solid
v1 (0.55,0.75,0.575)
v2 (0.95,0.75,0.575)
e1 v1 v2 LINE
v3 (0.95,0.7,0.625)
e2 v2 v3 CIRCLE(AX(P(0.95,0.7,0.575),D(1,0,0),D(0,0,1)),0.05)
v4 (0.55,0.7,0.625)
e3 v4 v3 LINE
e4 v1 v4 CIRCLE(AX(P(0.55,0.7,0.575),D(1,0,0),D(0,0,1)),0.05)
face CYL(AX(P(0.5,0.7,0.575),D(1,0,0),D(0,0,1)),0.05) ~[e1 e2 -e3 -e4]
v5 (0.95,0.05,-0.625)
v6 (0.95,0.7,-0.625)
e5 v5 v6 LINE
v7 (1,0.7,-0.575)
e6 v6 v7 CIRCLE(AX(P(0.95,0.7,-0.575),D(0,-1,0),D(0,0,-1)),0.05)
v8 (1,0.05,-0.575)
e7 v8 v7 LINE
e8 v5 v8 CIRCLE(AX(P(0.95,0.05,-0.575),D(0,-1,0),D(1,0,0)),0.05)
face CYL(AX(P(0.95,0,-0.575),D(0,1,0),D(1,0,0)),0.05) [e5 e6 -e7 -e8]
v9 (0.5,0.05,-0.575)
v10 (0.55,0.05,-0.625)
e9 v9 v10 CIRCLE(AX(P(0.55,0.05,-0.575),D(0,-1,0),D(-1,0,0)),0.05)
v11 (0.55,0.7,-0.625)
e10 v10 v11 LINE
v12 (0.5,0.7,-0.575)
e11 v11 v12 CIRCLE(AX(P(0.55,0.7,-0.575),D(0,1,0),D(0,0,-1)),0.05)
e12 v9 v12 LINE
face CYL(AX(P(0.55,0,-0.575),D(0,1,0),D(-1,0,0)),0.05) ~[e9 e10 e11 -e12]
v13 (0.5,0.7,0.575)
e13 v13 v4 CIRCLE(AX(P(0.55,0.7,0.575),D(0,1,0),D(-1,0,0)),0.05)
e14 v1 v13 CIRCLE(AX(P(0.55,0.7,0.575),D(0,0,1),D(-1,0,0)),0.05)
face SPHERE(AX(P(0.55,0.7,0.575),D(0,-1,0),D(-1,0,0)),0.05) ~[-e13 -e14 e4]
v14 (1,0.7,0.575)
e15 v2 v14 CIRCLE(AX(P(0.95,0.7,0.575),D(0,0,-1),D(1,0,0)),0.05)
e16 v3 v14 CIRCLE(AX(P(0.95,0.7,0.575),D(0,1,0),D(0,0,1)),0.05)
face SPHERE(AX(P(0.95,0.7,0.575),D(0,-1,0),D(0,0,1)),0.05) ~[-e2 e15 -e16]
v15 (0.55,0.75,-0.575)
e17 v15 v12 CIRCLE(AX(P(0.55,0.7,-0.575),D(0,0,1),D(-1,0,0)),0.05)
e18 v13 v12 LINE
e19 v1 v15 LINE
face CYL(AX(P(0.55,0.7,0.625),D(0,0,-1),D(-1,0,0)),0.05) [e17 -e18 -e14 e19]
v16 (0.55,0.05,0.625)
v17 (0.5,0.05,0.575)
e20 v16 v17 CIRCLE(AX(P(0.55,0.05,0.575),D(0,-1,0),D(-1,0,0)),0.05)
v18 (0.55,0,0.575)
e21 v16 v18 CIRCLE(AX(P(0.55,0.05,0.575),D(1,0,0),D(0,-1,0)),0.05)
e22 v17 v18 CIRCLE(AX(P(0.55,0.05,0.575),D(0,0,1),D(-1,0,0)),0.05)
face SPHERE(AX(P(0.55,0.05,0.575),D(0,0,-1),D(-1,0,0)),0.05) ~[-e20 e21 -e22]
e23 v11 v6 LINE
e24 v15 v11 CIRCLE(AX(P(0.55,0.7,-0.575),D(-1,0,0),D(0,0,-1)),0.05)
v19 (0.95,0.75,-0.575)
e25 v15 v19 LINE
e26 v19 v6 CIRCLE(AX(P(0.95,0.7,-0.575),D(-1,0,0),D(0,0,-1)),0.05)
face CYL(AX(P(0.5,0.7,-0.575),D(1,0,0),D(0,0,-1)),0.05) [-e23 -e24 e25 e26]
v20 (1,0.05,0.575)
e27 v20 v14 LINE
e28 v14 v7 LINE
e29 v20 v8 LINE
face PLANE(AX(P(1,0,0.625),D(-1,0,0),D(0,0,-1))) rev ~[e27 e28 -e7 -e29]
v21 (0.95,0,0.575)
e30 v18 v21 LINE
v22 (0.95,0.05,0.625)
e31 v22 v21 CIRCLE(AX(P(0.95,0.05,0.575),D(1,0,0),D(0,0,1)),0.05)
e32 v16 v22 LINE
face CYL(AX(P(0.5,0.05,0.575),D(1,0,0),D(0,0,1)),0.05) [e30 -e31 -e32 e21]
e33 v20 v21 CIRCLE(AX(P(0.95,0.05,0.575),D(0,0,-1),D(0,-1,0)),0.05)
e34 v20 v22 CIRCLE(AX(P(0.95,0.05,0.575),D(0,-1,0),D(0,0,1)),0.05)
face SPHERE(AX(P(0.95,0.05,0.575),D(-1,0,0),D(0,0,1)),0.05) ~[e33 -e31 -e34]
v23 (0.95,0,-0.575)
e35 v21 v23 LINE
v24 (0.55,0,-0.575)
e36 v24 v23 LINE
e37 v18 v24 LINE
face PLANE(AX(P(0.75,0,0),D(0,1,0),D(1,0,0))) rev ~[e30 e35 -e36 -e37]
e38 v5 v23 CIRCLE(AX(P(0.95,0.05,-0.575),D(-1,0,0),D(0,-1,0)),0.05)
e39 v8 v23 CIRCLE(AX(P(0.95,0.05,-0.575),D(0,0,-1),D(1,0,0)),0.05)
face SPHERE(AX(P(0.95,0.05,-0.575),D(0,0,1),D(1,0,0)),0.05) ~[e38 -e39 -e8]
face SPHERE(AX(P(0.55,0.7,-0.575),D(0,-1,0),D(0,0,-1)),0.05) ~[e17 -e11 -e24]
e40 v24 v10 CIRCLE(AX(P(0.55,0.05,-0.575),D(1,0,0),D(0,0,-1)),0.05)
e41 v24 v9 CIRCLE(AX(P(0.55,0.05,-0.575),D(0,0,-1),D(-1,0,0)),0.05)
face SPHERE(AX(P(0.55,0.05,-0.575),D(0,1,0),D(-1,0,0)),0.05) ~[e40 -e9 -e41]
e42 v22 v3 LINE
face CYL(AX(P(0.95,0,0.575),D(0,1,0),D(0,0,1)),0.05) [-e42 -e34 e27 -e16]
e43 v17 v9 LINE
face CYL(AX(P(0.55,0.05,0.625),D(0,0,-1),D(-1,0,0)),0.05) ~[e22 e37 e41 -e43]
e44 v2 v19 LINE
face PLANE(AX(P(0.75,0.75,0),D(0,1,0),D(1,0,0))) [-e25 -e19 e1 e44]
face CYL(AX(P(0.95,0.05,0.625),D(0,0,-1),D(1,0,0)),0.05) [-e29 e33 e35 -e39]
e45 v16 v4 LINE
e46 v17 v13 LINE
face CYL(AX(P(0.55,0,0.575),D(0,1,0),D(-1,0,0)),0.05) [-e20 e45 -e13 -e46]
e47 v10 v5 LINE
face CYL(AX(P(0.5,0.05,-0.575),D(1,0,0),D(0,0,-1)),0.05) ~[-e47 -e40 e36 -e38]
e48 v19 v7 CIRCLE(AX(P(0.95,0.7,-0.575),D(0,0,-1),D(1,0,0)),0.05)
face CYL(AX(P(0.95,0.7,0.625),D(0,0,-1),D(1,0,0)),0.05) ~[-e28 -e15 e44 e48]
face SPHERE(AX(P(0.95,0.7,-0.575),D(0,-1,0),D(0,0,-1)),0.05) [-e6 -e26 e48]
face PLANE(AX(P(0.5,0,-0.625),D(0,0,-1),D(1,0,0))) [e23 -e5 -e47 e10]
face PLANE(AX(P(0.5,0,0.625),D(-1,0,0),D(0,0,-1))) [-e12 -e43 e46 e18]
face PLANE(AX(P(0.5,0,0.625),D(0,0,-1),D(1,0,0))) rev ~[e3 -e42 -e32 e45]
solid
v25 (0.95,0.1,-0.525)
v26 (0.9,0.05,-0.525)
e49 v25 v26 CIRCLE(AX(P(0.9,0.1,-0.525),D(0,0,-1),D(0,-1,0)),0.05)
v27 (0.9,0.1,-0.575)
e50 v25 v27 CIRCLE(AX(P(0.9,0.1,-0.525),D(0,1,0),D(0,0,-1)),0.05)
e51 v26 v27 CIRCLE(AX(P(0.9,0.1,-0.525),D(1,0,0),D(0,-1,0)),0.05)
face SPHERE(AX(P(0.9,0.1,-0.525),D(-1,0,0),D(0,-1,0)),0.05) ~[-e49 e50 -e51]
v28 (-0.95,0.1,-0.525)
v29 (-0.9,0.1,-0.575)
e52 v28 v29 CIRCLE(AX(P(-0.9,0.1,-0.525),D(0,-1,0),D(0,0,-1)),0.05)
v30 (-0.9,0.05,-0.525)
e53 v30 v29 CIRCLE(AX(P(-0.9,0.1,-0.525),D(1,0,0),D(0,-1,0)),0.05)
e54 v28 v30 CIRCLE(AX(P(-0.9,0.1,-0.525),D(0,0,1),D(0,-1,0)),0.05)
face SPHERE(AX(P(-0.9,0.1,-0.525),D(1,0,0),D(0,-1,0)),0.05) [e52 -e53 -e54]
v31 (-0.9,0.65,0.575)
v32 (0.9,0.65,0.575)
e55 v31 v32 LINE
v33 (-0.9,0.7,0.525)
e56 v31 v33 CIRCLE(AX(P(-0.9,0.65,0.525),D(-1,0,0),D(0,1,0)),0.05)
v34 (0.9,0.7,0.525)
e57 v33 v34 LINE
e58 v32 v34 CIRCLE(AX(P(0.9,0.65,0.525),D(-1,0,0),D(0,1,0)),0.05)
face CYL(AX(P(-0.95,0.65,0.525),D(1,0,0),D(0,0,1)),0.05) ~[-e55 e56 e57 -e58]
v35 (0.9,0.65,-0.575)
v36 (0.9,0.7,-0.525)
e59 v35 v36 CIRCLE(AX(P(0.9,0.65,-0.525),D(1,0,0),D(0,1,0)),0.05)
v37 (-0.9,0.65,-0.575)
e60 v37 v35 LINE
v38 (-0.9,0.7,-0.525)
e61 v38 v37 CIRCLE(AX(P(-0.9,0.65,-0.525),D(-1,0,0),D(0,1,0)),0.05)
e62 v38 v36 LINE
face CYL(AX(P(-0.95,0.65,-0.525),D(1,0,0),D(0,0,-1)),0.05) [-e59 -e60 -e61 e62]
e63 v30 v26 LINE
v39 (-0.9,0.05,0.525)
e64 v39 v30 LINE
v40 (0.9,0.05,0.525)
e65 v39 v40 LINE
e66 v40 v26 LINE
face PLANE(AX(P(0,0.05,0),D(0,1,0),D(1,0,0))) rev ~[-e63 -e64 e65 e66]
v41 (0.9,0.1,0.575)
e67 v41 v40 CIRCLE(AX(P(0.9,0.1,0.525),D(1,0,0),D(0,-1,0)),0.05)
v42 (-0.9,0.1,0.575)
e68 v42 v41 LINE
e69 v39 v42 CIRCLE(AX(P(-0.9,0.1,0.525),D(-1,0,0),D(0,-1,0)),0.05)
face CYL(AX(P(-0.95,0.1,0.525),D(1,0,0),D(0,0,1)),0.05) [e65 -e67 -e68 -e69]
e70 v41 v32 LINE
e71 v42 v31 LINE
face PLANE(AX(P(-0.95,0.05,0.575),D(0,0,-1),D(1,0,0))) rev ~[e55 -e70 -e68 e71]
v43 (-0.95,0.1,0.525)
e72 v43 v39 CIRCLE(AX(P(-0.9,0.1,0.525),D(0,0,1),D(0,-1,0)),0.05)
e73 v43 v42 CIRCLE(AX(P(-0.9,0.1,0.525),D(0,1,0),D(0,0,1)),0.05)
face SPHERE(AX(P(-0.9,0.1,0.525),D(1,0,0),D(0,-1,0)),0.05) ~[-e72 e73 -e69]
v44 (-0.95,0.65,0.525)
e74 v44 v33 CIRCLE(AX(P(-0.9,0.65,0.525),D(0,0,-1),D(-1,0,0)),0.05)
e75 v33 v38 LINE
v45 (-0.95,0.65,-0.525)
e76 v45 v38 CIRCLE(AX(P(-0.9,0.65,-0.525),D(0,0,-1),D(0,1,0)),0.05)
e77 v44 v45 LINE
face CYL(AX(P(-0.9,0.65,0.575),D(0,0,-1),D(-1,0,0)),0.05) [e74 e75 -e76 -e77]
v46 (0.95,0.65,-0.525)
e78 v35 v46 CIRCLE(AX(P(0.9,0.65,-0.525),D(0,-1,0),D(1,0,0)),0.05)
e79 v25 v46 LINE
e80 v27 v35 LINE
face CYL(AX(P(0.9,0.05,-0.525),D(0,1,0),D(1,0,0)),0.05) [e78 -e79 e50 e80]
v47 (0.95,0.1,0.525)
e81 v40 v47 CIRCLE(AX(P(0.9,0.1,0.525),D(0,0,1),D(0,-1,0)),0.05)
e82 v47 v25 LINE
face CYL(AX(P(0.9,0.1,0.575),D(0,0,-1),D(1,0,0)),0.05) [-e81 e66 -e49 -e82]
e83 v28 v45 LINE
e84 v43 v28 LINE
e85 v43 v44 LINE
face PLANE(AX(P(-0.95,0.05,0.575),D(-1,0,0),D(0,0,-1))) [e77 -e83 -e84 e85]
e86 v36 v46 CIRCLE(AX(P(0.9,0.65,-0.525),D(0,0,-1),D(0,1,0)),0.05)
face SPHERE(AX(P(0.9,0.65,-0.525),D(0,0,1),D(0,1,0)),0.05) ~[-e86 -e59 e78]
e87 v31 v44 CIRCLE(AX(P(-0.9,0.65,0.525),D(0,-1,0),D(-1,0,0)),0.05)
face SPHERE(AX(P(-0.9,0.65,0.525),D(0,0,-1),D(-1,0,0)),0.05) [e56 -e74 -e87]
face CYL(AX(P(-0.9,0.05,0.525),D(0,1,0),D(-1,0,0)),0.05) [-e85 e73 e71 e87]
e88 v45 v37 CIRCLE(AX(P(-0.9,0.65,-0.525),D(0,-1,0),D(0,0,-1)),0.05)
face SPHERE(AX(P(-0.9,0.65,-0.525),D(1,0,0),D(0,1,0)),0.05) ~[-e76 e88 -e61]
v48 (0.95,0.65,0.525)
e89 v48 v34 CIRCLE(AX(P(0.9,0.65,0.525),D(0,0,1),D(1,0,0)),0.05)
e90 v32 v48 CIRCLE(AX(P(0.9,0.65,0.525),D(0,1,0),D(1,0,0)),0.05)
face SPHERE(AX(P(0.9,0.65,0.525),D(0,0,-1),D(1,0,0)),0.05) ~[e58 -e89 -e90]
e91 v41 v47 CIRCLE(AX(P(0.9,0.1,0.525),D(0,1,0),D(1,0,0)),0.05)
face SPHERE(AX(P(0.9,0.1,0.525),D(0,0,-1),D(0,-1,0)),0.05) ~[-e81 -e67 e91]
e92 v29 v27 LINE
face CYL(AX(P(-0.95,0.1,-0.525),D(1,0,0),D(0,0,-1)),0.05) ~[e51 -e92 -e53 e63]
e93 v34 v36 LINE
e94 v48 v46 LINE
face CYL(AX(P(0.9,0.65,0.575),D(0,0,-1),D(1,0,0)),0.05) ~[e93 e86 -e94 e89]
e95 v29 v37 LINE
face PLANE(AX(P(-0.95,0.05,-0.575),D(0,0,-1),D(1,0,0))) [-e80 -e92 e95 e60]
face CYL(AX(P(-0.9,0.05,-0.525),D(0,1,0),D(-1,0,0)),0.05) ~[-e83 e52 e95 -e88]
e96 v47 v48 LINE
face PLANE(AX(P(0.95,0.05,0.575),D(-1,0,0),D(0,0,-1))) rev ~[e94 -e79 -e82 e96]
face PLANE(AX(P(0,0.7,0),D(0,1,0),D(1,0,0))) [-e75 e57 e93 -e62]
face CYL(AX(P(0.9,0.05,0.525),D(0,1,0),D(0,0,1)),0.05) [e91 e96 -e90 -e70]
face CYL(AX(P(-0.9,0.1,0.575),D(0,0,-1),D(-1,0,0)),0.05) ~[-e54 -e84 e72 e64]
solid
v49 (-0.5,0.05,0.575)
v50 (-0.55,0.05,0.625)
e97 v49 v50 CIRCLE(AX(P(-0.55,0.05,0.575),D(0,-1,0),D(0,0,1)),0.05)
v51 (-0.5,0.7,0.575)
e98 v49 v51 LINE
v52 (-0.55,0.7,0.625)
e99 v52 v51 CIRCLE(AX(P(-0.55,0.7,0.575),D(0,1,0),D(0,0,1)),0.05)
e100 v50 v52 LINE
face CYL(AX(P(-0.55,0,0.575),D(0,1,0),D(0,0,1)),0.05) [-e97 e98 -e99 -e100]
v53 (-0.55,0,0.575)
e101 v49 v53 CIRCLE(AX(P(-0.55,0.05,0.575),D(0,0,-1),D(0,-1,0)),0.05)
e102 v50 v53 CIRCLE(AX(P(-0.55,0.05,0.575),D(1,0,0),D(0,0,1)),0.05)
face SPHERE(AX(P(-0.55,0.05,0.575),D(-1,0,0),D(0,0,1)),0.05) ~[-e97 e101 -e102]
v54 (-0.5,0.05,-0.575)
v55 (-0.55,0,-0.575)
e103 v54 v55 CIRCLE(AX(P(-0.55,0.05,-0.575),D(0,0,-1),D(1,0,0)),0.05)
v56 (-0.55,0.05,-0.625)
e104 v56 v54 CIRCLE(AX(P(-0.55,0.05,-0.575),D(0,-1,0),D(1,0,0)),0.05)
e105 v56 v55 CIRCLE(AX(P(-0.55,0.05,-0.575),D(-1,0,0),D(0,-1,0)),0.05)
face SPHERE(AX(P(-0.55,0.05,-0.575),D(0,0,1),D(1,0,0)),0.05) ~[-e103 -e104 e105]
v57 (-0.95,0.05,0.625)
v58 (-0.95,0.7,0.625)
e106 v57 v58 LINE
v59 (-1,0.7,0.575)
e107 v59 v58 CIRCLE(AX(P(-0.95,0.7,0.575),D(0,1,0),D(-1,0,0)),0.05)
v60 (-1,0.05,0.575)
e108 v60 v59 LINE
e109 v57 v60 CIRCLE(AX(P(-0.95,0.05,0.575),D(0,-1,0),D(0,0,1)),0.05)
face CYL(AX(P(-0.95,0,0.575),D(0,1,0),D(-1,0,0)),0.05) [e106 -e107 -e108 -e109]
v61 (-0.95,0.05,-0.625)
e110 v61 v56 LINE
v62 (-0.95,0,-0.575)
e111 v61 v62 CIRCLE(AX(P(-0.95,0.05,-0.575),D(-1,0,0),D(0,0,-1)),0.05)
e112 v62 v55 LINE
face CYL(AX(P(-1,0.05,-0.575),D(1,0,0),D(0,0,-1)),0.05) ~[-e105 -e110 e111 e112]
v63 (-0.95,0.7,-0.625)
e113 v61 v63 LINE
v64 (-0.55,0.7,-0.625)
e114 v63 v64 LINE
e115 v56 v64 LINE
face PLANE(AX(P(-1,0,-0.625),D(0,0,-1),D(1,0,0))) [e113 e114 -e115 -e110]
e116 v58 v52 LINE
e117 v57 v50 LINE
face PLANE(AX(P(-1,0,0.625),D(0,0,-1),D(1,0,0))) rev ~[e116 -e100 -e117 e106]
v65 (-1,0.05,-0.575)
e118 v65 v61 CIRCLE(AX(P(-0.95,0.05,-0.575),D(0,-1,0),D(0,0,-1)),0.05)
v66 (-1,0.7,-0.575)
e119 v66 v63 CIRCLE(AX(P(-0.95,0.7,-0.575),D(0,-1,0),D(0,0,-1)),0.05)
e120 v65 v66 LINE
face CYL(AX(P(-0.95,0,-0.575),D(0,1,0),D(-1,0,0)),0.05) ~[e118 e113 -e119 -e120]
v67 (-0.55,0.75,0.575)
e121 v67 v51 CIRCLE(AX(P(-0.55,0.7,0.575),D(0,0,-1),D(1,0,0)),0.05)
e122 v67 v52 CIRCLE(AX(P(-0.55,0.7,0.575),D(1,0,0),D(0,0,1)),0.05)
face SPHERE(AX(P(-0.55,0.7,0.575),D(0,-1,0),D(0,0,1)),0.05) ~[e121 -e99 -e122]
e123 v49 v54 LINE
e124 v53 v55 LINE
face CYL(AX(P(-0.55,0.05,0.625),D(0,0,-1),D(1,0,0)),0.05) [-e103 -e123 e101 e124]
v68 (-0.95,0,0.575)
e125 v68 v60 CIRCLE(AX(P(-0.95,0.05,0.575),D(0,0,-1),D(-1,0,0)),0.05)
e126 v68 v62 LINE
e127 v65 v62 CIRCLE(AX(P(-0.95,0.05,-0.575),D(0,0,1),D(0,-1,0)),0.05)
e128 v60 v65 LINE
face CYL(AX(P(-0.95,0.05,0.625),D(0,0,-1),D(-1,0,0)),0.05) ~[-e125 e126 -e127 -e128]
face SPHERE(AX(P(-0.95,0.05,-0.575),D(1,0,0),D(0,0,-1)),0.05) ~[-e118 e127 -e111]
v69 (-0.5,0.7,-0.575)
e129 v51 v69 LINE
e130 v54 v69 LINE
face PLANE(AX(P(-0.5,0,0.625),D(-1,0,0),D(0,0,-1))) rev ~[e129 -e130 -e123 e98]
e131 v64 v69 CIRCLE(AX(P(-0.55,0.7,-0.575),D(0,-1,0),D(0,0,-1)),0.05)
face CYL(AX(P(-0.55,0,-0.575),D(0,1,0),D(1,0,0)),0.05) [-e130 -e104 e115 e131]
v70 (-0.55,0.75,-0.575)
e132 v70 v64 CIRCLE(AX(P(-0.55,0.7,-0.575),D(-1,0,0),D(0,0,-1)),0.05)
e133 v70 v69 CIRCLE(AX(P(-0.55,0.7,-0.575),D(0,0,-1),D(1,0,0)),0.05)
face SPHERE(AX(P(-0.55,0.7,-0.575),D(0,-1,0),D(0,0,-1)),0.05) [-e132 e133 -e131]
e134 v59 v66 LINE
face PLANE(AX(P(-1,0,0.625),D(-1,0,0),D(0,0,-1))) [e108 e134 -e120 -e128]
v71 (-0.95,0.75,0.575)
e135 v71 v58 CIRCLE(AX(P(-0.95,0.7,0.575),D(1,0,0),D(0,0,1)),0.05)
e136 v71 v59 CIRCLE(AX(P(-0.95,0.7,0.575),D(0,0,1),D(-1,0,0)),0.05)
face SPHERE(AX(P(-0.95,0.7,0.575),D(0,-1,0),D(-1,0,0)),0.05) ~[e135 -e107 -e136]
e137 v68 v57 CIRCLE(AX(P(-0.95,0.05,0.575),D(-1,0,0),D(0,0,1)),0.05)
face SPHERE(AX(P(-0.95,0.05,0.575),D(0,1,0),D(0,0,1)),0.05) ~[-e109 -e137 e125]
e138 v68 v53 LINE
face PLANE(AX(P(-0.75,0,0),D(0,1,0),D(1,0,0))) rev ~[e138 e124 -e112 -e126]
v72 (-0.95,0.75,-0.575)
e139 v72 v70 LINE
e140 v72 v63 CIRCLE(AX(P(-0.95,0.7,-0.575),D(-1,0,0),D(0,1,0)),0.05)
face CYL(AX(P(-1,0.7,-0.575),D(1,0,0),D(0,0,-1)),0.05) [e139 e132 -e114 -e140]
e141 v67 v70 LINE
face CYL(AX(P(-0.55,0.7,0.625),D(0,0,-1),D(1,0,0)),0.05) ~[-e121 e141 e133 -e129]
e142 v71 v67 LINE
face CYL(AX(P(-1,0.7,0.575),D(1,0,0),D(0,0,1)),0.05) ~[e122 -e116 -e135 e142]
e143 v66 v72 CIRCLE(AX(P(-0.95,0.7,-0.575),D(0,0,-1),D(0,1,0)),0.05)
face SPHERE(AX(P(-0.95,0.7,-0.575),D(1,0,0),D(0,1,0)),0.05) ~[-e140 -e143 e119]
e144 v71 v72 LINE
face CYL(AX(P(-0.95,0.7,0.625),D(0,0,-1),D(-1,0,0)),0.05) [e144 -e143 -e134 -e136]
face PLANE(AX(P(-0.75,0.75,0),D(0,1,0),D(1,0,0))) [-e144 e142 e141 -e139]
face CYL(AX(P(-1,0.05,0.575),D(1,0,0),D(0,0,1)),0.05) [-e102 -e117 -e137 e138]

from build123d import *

# Parameters (mm, degrees)
SKETCH1_W             = 1.9
SKETCH1_H             = 1.15
BOSS_EXTRUDE1_DEPTH   = 0.65
SKETCH2_W             = 0.5
SKETCH2_H             = 1.25
BOSS_EXTRUDE2_DEPTH   = 0.75
BOSS_EXTRUDE2_2_DEPTH = 0.75
FILLET1_R             = 0.05
FILLET2_R             = 0.05
FILLET3_R             = 0.05


with BuildPart() as part:
    # Sketch1 → Boss-Extrude1 (new body)
    with BuildSketch(Plane(origin=(0, 0.05, 0), x_dir=(1, 0, 0), z_dir=(0, 1, 0))):
        Rectangle(SKETCH1_W, SKETCH1_H)
    extrude(amount=BOSS_EXTRUDE1_DEPTH)

    # Fillet3
    fillet3_edges = [part.edges().sort_by_distance(p)[0] for p in [
        (0.95, 0.7, 0),
        (0, 0.7, -0.575),
        (-0.95, 0.7, 0),
        (0, 0.05, -0.575),
        (0.95, 0.05, 0),
        (0, 0.05, 0.575),
        (-0.95, 0.05, 0),
        (-0.95, 0.375, -0.575),
        (0.95, 0.375, -0.575),
        (0.95, 0.375, 0.575),
        (-0.95, 0.375, 0.575),
        (0, 0.7, 0.575),
    ]]
    fillet(fillet3_edges, radius=FILLET3_R)


with BuildPart() as body_2:
    # Sketch2 → Boss-Extrude2 (new body)
    with BuildSketch(Plane(origin=(0, 0, 0), x_dir=(1, 0, 0), z_dir=(0, 1, 0))):
        with Locations((-0.75, 0)):
            Rectangle(SKETCH2_W, SKETCH2_H)
    extrude(amount=BOSS_EXTRUDE2_DEPTH)

    # Fillet2
    fillet2_edges = [body_2.edges().sort_by_distance(p)[0] for p in [
        (-1, 0.375, 0.625),
        (-0.75, 0, 0.625),
        (-0.5, 0.375, 0.625),
        (-0.5, 0, 0),
        (-0.5, 0.375, -0.625),
        (-0.75, 0, -0.625),
        (-0.75, 0.75, -0.625),
        (-1, 0.75, 0),
        (-0.75, 0.75, 0.625),
        (-0.5, 0.75, 0),
        (-1, 0.375, -0.625),
        (-1, 0, 0),
    ]]
    fillet(fillet2_edges, radius=FILLET2_R)


with BuildPart() as body_3:
    # Sketch2 → Boss-Extrude2 2 (new body)
    with BuildSketch(Plane(origin=(0, 0, 0), x_dir=(1, 0, 0), z_dir=(0, 1, 0))):
        with Locations((0.75, 0)):
            Rectangle(SKETCH2_W, SKETCH2_H)
    extrude(amount=BOSS_EXTRUDE2_2_DEPTH)

    # Fillet1
    fillet1_edges = [body_3.edges().sort_by_distance(p)[0] for p in [
        (0.5, 0.375, -0.625),
        (0.5, 0, 0),
        (0.5, 0.375, 0.625),
        (0.75, 0, 0.625),
        (1, 0.375, 0.625),
        (1, 0, 0),
        (1, 0.375, -0.625),
        (0.75, 0, -0.625),
        (0.75, 0.75, -0.625),
        (0.5, 0.75, 0),
        (0.75, 0.75, 0.625),
        (1, 0.75, 0),
    ]]
    fillet(fillet1_edges, radius=FILLET1_R)


solid = Compound([part.part, body_2.part, body_3.part])
